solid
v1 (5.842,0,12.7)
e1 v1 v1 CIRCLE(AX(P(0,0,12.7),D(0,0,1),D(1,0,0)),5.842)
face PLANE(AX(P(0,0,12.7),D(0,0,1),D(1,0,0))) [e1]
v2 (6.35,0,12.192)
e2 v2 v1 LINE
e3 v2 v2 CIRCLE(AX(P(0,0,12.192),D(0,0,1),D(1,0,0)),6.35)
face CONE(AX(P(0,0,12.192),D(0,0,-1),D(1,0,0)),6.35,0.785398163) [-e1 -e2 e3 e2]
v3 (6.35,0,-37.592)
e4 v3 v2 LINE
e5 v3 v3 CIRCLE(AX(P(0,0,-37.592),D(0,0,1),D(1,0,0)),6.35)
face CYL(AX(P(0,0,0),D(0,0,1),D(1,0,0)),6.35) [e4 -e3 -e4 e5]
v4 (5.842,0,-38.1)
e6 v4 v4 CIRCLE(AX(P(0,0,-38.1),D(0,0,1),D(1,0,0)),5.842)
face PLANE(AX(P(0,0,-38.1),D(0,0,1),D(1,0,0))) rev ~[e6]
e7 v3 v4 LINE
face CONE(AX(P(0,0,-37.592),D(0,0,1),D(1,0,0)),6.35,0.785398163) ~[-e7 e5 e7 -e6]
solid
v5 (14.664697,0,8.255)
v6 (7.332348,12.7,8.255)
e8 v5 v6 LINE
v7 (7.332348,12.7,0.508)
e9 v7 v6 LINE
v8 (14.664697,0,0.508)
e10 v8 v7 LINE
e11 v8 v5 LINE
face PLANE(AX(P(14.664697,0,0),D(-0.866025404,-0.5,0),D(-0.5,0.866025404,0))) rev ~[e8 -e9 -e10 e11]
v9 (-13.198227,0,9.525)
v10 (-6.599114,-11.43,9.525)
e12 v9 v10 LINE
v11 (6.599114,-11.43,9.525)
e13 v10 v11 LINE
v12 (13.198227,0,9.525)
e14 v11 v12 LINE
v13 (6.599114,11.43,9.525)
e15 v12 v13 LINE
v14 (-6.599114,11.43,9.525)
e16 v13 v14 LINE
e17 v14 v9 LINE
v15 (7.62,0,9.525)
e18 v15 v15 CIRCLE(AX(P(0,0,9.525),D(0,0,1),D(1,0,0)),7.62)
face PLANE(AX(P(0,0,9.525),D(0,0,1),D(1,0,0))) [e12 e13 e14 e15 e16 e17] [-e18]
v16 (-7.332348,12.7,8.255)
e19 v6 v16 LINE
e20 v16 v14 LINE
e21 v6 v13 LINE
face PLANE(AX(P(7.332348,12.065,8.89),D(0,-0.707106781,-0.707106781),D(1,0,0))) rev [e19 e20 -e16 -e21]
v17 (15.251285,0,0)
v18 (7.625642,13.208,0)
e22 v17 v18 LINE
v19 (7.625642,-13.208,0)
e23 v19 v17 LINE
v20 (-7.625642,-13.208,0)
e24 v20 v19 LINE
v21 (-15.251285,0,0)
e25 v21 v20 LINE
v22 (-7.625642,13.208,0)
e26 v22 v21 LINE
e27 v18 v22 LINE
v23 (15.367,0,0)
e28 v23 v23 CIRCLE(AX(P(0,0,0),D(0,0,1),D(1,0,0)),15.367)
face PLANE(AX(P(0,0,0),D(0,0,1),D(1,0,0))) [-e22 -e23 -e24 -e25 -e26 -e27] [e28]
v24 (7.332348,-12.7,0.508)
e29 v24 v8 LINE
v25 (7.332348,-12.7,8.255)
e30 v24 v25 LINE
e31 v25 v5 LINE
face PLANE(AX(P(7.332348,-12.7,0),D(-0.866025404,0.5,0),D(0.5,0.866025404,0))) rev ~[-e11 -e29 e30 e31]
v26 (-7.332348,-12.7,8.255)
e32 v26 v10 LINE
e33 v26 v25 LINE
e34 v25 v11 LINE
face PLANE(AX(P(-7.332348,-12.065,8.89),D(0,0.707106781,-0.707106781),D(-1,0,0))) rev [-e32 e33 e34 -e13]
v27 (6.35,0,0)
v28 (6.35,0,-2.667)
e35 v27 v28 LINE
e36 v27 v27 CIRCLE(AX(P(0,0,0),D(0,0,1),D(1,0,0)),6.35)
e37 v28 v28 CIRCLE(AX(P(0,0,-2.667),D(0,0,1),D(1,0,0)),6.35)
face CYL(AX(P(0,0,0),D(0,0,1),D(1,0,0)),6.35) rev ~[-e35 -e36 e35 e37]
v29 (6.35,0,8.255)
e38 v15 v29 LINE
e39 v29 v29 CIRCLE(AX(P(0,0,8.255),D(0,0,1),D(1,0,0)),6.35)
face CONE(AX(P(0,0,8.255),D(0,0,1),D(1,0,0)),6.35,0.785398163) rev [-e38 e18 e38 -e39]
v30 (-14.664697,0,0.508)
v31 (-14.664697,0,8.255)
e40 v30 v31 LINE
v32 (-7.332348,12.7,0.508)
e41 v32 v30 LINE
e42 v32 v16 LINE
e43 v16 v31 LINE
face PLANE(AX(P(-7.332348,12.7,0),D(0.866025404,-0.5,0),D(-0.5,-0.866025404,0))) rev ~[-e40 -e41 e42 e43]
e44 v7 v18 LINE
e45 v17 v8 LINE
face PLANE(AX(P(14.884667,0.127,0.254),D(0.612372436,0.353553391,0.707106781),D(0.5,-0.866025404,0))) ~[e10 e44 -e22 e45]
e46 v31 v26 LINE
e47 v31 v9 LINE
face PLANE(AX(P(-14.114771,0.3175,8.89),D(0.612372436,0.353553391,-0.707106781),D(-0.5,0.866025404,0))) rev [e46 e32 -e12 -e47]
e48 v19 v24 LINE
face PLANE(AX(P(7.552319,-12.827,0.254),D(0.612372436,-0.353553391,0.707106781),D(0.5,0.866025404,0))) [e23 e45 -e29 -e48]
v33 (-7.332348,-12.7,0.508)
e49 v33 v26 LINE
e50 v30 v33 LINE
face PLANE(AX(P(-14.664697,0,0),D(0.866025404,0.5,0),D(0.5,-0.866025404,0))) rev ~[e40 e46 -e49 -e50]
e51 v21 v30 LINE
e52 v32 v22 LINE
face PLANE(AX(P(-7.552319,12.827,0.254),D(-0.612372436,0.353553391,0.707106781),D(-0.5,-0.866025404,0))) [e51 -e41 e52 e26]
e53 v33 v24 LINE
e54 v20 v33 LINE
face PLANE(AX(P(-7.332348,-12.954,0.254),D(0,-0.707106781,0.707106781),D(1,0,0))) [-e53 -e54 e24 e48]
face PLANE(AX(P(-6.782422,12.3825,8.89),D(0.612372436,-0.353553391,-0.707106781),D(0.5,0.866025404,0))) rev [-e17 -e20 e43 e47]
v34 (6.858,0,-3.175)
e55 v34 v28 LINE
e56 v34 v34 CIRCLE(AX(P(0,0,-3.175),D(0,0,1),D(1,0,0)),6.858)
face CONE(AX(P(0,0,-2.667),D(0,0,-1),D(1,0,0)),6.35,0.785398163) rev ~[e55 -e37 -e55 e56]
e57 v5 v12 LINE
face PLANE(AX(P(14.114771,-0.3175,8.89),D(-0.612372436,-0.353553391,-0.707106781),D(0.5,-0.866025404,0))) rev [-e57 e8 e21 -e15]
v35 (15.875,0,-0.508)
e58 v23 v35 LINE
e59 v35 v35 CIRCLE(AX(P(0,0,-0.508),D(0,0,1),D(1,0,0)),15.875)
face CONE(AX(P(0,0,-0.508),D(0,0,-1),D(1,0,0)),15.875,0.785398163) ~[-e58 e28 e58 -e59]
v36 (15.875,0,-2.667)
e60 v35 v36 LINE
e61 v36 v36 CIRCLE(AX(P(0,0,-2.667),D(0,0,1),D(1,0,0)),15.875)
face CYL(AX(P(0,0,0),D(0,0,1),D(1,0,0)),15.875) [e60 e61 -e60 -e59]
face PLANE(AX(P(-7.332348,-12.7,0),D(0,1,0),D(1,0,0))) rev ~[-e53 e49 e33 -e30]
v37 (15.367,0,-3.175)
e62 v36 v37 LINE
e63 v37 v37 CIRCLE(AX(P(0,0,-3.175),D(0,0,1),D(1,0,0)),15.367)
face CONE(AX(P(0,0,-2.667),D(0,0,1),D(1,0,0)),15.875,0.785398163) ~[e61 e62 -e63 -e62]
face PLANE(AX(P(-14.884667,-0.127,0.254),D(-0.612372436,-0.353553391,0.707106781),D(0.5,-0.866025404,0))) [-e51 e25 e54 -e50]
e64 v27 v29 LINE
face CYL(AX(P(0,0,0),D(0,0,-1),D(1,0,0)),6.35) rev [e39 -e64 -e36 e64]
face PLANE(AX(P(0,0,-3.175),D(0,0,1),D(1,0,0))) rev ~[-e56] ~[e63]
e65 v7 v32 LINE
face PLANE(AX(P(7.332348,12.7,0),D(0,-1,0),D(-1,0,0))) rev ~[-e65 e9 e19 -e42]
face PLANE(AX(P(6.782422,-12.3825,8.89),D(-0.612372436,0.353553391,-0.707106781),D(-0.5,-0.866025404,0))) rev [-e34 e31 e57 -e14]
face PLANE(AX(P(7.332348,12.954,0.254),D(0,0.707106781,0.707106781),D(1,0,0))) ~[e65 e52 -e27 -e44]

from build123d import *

# Parameters (mm, degrees)
F0_R          = 15.875
F0_R_2        = 6.35
F1_DEPTH      = 3.175
F2_DEPTH      = 9.525
F3_SIZE       = 1.27
F4_DEPTH      = 25.4
F5_SIZE       = 0.508
F6_DEPTH      = 12.7
F6_DEPTH_BACK = 38.1
F7_SIZE       = 0.508


with BuildPart() as f1:
    # F0 (on Top) → F1 (new body)
    with BuildSketch(Plane.XY):
        Circle(F0_R)
        Polygon((-14.6646968374, 0), (-7.3323484187, 12.7), (7.3323484187, 12.7), (14.6646968374, 0), (7.3323484187, -12.7), (-7.3323484187, -12.7), align=None, mode=Mode.SUBTRACT)
        Polygon((7.3323484187, 12.7), (-7.3323484187, 12.7), (-14.6646968374, 0), (-7.3323484187, -12.7), (7.3323484187, -12.7), (14.6646968374, 0), align=None)
        Circle(F0_R_2, mode=Mode.SUBTRACT)
        Circle(F0_R_2)
    extrude(amount=-F1_DEPTH)

    # F0 (on Top) → F2 (join)
    with BuildSketch(Plane.XY):
        Polygon((7.3323484187, 12.7), (-7.3323484187, 12.7), (-14.6646968374, 0), (-7.3323484187, -12.7), (7.3323484187, -12.7), (14.6646968374, 0), align=None)
        Circle(F0_R_2, mode=Mode.SUBTRACT)
    extrude(amount=F2_DEPTH)

    # F3
    f3_edges = [f1.edges().sort_by_distance(p)[0] for p in [
        (0, 12.7, 9.525),
        (-10.998523, 6.35, 9.525),
        (-10.998523, -6.35, 9.525),
        (0, -12.7, 9.525),
        (10.998523, -6.35, 9.525),
        (10.998523, 6.35, 9.525),
        (-6.35, 0, 9.525),
    ]]
    chamfer(f3_edges, length=F3_SIZE)

    # F0 (on Top) → F4 (cut)
    with BuildSketch(Plane.XY):
        Circle(F0_R_2)
    extrude(amount=-F4_DEPTH, mode=Mode.SUBTRACT)

    # F5
    f5_edges = [f1.edges().sort_by_distance(p)[0] for p in [
        (-15.875, 0, -3.175),
        (-6.35, 0, -3.175),
        (-15.875, 0, 0),
        (0, 12.7, 0),
        (-10.998523, 6.35, 0),
        (-10.998523, -6.35, 0),
        (0, -12.7, 0),
        (10.998523, -6.35, 0),
        (10.998523, 6.35, 0),
    ]]
    chamfer(f5_edges, length=F5_SIZE)


with BuildPart() as f6:
    # F0 (on Top) → F6 (new body, two sides)
    with BuildSketch(Plane.XY) as f6_sk:
        Circle(F0_R_2)
    extrude(amount=F6_DEPTH)
    extrude(f6_sk.sketch, amount=-F6_DEPTH_BACK)

    # F7
    f7_edges = [f6.edges().sort_by_distance(p)[0] for p in [
        (-6.35, 0, 12.7),
        (-6.35, 0, -38.1),
    ]]
    chamfer(f7_edges, length=F7_SIZE)


solid = Compound([f1.part, f6.part])
